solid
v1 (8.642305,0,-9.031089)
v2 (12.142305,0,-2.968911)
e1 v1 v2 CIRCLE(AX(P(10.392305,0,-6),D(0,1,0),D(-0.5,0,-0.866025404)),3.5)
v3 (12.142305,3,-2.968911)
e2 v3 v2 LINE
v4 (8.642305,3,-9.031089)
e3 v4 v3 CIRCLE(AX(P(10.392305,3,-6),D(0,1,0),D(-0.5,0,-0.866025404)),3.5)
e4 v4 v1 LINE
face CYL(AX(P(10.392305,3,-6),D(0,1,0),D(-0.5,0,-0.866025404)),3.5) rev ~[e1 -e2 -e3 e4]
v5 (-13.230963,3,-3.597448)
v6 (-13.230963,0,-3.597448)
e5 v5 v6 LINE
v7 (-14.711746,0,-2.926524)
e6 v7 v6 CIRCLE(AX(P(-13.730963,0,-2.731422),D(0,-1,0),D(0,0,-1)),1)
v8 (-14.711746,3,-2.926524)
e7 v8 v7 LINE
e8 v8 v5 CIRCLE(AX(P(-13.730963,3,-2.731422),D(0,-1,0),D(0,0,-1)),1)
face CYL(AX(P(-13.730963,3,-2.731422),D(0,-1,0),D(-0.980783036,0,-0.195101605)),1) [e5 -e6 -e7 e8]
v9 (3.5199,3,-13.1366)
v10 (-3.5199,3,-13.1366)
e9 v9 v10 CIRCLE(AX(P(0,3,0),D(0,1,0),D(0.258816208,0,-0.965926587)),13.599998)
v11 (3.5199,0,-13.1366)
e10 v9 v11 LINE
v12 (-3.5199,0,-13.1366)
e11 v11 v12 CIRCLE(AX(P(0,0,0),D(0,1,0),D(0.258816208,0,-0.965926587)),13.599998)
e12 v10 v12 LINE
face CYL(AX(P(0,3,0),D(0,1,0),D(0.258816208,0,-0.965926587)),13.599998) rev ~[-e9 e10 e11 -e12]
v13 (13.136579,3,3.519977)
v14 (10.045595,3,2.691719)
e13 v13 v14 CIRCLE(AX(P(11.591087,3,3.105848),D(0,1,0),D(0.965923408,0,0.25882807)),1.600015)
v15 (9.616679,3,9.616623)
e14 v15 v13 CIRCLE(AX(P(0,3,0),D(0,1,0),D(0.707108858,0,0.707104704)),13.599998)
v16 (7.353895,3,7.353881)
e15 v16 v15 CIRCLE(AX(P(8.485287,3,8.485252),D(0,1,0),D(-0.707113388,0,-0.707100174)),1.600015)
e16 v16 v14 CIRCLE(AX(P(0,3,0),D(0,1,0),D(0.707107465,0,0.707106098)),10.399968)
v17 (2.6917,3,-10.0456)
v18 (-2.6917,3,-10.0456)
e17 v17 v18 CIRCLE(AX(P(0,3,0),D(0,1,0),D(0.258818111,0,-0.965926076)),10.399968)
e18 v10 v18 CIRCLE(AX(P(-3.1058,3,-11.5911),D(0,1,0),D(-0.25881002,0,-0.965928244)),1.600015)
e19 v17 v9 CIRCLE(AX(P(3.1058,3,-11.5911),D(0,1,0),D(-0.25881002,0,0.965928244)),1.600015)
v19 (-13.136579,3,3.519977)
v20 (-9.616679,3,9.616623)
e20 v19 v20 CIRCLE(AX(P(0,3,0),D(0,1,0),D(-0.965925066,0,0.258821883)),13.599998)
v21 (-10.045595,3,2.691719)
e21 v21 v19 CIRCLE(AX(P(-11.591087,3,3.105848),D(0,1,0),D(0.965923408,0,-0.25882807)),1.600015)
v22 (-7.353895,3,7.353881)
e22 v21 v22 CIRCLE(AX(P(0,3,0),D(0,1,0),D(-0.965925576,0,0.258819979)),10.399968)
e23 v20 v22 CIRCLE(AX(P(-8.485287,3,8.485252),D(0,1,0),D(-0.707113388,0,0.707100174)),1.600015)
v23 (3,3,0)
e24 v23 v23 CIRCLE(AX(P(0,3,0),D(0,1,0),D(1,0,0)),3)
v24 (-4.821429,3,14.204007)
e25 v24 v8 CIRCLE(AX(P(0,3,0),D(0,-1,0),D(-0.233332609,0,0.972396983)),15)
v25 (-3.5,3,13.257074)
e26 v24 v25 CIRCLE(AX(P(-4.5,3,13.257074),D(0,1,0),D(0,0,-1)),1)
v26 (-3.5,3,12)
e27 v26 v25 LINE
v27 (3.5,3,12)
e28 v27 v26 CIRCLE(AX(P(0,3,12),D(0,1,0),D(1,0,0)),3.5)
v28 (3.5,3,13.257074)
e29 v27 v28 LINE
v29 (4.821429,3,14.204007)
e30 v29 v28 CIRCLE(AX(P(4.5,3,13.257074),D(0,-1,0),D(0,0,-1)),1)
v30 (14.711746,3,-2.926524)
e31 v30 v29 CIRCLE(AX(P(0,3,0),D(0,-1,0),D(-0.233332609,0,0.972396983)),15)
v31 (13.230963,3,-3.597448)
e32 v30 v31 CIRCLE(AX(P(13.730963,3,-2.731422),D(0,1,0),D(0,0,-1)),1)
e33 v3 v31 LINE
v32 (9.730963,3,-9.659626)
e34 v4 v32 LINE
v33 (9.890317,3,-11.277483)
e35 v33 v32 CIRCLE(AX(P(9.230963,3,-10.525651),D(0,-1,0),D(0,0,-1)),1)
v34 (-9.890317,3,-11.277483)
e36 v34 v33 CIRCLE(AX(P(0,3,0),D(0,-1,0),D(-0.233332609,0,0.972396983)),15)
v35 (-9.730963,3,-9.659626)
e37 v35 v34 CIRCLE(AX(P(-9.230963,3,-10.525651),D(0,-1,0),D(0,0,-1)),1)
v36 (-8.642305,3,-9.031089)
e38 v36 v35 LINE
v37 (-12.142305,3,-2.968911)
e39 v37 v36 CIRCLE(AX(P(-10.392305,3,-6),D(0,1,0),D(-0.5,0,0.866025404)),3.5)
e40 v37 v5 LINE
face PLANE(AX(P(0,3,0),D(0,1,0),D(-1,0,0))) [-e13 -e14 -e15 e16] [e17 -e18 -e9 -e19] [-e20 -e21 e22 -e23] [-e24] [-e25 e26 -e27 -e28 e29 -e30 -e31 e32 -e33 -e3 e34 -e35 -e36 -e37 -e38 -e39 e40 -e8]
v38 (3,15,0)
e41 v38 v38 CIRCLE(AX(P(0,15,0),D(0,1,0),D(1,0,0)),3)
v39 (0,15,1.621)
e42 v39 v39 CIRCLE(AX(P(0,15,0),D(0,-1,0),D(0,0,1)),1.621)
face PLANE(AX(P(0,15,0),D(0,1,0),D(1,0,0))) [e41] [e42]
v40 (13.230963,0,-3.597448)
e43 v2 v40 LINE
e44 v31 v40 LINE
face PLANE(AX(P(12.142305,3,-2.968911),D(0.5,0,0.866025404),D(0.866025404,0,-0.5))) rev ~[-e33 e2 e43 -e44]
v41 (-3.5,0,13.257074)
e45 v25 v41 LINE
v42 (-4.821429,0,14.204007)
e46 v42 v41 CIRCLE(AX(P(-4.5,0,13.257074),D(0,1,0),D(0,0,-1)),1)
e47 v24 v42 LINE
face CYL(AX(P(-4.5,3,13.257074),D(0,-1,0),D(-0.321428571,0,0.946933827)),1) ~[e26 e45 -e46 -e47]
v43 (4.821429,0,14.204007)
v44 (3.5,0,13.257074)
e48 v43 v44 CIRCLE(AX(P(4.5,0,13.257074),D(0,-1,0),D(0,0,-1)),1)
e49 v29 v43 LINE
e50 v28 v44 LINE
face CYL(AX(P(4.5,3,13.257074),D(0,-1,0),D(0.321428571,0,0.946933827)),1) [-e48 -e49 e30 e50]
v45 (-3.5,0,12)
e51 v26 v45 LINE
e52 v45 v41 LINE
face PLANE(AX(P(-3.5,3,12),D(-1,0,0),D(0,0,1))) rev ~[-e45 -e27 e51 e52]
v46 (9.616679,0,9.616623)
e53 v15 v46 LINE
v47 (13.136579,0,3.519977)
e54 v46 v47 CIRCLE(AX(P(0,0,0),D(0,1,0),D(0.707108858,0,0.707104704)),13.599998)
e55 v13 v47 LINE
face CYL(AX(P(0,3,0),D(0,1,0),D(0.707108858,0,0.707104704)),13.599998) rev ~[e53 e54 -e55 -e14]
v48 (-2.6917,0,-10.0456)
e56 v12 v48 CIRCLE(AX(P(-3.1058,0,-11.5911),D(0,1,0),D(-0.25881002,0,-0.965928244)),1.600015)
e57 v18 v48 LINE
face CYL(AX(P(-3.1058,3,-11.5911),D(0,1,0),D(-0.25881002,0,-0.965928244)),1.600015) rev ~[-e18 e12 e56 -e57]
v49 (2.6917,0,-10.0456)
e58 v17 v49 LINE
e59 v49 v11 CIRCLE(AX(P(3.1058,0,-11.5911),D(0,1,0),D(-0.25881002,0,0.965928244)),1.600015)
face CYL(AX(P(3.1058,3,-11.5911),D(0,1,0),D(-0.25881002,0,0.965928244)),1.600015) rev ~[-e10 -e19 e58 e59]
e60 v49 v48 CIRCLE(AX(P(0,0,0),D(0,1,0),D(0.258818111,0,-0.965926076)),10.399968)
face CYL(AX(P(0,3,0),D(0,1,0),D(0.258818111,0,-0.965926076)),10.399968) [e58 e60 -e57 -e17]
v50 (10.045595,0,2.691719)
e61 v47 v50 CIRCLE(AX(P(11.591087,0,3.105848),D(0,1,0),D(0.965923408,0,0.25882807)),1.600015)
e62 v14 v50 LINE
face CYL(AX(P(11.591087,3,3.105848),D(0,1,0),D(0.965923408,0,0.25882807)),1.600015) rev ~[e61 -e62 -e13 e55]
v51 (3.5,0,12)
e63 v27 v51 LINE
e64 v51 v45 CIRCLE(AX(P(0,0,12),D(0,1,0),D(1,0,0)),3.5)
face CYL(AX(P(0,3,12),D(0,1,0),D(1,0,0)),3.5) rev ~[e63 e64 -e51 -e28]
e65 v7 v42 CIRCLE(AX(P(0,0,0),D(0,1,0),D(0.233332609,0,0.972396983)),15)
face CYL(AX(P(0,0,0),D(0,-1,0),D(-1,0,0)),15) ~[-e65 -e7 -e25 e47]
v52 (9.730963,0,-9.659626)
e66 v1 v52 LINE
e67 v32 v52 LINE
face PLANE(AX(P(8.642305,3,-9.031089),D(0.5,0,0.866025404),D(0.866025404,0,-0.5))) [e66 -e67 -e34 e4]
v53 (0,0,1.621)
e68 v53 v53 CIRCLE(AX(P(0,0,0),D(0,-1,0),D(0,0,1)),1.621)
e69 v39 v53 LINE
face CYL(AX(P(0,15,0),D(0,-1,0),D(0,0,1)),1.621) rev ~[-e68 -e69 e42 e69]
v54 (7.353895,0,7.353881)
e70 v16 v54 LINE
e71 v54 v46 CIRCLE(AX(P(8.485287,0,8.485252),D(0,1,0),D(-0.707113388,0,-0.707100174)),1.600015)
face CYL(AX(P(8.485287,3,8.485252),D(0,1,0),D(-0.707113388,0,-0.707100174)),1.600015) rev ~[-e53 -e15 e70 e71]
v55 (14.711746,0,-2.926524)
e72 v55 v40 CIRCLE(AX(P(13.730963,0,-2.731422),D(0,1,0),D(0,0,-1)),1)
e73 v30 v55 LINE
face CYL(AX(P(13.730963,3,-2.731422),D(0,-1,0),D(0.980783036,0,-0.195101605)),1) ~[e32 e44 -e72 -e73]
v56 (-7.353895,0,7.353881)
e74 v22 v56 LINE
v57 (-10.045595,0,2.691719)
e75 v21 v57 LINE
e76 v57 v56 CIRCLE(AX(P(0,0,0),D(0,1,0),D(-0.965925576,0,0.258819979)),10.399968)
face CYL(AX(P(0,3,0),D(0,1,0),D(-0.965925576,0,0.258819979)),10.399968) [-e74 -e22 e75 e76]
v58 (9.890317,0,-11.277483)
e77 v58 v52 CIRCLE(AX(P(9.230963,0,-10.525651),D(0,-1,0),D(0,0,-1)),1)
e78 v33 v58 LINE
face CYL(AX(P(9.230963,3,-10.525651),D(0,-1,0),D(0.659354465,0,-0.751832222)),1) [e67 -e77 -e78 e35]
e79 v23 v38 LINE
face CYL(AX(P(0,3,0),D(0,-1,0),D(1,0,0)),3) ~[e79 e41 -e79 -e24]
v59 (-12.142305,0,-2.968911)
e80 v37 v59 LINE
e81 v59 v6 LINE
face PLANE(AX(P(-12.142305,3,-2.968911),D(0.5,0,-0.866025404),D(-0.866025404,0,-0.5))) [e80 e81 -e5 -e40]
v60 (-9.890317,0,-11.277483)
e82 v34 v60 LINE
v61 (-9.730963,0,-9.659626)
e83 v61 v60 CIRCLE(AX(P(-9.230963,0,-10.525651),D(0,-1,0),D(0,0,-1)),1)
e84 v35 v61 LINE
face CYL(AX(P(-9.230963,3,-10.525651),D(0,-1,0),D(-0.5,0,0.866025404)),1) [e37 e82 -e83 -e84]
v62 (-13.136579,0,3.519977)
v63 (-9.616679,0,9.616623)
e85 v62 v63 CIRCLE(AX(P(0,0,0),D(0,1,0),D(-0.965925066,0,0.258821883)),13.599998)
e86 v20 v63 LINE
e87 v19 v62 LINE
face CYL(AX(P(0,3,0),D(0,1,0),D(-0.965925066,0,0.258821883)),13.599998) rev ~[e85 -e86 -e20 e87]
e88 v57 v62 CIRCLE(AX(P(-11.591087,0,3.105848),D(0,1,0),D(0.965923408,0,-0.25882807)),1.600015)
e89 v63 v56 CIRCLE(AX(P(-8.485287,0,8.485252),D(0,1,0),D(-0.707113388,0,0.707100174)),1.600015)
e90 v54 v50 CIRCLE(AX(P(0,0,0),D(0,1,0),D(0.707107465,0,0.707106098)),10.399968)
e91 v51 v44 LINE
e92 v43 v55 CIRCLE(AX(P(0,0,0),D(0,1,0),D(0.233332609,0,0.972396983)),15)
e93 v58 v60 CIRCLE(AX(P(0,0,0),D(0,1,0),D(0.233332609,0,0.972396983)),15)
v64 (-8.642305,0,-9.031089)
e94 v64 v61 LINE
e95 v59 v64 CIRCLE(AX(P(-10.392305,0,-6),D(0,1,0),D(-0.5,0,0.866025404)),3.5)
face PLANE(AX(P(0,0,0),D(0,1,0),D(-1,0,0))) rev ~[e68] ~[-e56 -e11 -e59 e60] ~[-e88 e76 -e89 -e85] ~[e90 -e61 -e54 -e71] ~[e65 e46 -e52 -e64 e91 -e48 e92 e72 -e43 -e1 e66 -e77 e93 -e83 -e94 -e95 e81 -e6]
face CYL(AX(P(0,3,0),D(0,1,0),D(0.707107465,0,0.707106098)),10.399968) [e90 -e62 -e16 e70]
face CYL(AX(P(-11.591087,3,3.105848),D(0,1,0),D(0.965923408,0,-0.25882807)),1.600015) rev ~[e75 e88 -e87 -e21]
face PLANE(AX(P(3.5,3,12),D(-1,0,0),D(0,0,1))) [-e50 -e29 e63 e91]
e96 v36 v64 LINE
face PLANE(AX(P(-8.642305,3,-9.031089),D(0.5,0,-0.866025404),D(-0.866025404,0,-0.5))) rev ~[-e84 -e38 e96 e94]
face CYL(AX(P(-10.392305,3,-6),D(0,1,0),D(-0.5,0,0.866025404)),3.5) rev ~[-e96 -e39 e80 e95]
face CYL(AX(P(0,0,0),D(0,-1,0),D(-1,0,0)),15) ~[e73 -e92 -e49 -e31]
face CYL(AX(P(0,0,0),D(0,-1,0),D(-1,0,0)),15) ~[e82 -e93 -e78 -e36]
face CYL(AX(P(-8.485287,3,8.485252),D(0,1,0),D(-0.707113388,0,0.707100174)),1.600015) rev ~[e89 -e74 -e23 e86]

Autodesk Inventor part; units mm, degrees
ref_plane "YZ Plane" through (0, 0, 0) normal (1, 0, 0) x (0, 1, 0)
ref_plane "XZ Plane" through (0, 0, 0) normal (0, 1, 0) x (-1, 0, 0)
ref_plane "XY Plane" through (0, 0, 0) normal (0, 0, 1) x (1, 0, 0)
sketch "Sketch1" plane through (0, 0, 0) normal (0, 1, 0) x (-1, 0, 0)
  circle A0 centre (0, 0) radius 15
  dimension "d0" = 30
extrude "Extrusion1" add sketch "Sketch1" along normal blind 3
sketch "Sketch6" plane through (0, 3, 0) normal (0, 1, 0) x (1, 0, 0)
  circle A0 centre (0, 0) radius 3
  dimension "d24" = 6
extrude "Extrusion4" add sketch "Sketch6" along normal blind 12
sketch "Sketch8" plane through (0, 15, 0) normal (0, 1, 0) x (1, 0, 0)
  point P0 (0, 0)
  point P1 (0, 0)
hole "Hole2" at (0, 15, 0) direction (0, -1, 0) diameter 3.242 end through all thread size "M4x0.7" class "6H" standard "ANSI Metric M Profile"
sketch "Sketch9" plane through (0, 3, 0) normal (0, 1, 0) x (1, 0, 0)
  arc A0 (3.1058, 11.5911) -> (-3.1058, 11.5911) centre (0, 0) ccw construction
  arc A1 (3.5199, 13.1366) -> (-3.5199, 13.1366) centre (0, 0) ccw
  arc A2 (2.6917, 10.0456) -> (-2.6917, 10.0456) centre (0, 0) ccw
  arc A3 (2.6917, 10.0456) -> (3.5199, 13.1366) centre (3.1058, 11.5911) ccw
  arc A4 (-3.5199, 13.1366) -> (-2.6917, 10.0456) centre (-3.1058, 11.5911) ccw
  circle A5 centre (0, 0) radius 15 projected
  point P0 (0, 15)
  dimension "d37" = 3.2
  dimension "d38" = 30
  dimension "d39" = 15
  dimension "d45" = 12
extrude "Extrusion6" cut sketch "Sketch9" against normal through all contours A3 A2 A4 A1
pattern_circular "Circular Pattern2" count 3 over 360 about axis through (0, 3, 0) along (0, 1, 0) of "Extrusion6"
sketch "Sketch11" plane through (0, 3, 0) normal (0, 1, 0) x (1, 0, 0)
  circle A0 centre (0, -12) radius 3.5
  line L0 (3.5, -12) -> (3.5, -14.586)
  line L1 (-3.5, -12) -> (-3.5, -14.586)
  arc A1 (-3.5, -14.586) -> (3.5, -14.586) centre (0, 0) ccw
  circle A2 centre (0, 0) radius 15 projected
  point P0 (-2.011, -14.8646)
  point P1 (2.011, -14.8646)
  dimension "d48" = 7
  dimension "d49" = 12
extrude "Extrusion7" cut sketch "Sketch11" against normal through all contours A0 A1 | L0 A1 A0 | A0 A1 L1 | A0 A1
fillet "Fillet1" radius 1 2 edges at (-3.5, 1.5, 14.586) (3.5, 1.5, 14.586)
pattern_circular "Circular Pattern3" count 3 over 360 about axis through (0, 0, 0) along (0, 1, 0) of "Extrusion7", "Fillet1"
properties part number "FrameSupport-Flange" material "Copper"
